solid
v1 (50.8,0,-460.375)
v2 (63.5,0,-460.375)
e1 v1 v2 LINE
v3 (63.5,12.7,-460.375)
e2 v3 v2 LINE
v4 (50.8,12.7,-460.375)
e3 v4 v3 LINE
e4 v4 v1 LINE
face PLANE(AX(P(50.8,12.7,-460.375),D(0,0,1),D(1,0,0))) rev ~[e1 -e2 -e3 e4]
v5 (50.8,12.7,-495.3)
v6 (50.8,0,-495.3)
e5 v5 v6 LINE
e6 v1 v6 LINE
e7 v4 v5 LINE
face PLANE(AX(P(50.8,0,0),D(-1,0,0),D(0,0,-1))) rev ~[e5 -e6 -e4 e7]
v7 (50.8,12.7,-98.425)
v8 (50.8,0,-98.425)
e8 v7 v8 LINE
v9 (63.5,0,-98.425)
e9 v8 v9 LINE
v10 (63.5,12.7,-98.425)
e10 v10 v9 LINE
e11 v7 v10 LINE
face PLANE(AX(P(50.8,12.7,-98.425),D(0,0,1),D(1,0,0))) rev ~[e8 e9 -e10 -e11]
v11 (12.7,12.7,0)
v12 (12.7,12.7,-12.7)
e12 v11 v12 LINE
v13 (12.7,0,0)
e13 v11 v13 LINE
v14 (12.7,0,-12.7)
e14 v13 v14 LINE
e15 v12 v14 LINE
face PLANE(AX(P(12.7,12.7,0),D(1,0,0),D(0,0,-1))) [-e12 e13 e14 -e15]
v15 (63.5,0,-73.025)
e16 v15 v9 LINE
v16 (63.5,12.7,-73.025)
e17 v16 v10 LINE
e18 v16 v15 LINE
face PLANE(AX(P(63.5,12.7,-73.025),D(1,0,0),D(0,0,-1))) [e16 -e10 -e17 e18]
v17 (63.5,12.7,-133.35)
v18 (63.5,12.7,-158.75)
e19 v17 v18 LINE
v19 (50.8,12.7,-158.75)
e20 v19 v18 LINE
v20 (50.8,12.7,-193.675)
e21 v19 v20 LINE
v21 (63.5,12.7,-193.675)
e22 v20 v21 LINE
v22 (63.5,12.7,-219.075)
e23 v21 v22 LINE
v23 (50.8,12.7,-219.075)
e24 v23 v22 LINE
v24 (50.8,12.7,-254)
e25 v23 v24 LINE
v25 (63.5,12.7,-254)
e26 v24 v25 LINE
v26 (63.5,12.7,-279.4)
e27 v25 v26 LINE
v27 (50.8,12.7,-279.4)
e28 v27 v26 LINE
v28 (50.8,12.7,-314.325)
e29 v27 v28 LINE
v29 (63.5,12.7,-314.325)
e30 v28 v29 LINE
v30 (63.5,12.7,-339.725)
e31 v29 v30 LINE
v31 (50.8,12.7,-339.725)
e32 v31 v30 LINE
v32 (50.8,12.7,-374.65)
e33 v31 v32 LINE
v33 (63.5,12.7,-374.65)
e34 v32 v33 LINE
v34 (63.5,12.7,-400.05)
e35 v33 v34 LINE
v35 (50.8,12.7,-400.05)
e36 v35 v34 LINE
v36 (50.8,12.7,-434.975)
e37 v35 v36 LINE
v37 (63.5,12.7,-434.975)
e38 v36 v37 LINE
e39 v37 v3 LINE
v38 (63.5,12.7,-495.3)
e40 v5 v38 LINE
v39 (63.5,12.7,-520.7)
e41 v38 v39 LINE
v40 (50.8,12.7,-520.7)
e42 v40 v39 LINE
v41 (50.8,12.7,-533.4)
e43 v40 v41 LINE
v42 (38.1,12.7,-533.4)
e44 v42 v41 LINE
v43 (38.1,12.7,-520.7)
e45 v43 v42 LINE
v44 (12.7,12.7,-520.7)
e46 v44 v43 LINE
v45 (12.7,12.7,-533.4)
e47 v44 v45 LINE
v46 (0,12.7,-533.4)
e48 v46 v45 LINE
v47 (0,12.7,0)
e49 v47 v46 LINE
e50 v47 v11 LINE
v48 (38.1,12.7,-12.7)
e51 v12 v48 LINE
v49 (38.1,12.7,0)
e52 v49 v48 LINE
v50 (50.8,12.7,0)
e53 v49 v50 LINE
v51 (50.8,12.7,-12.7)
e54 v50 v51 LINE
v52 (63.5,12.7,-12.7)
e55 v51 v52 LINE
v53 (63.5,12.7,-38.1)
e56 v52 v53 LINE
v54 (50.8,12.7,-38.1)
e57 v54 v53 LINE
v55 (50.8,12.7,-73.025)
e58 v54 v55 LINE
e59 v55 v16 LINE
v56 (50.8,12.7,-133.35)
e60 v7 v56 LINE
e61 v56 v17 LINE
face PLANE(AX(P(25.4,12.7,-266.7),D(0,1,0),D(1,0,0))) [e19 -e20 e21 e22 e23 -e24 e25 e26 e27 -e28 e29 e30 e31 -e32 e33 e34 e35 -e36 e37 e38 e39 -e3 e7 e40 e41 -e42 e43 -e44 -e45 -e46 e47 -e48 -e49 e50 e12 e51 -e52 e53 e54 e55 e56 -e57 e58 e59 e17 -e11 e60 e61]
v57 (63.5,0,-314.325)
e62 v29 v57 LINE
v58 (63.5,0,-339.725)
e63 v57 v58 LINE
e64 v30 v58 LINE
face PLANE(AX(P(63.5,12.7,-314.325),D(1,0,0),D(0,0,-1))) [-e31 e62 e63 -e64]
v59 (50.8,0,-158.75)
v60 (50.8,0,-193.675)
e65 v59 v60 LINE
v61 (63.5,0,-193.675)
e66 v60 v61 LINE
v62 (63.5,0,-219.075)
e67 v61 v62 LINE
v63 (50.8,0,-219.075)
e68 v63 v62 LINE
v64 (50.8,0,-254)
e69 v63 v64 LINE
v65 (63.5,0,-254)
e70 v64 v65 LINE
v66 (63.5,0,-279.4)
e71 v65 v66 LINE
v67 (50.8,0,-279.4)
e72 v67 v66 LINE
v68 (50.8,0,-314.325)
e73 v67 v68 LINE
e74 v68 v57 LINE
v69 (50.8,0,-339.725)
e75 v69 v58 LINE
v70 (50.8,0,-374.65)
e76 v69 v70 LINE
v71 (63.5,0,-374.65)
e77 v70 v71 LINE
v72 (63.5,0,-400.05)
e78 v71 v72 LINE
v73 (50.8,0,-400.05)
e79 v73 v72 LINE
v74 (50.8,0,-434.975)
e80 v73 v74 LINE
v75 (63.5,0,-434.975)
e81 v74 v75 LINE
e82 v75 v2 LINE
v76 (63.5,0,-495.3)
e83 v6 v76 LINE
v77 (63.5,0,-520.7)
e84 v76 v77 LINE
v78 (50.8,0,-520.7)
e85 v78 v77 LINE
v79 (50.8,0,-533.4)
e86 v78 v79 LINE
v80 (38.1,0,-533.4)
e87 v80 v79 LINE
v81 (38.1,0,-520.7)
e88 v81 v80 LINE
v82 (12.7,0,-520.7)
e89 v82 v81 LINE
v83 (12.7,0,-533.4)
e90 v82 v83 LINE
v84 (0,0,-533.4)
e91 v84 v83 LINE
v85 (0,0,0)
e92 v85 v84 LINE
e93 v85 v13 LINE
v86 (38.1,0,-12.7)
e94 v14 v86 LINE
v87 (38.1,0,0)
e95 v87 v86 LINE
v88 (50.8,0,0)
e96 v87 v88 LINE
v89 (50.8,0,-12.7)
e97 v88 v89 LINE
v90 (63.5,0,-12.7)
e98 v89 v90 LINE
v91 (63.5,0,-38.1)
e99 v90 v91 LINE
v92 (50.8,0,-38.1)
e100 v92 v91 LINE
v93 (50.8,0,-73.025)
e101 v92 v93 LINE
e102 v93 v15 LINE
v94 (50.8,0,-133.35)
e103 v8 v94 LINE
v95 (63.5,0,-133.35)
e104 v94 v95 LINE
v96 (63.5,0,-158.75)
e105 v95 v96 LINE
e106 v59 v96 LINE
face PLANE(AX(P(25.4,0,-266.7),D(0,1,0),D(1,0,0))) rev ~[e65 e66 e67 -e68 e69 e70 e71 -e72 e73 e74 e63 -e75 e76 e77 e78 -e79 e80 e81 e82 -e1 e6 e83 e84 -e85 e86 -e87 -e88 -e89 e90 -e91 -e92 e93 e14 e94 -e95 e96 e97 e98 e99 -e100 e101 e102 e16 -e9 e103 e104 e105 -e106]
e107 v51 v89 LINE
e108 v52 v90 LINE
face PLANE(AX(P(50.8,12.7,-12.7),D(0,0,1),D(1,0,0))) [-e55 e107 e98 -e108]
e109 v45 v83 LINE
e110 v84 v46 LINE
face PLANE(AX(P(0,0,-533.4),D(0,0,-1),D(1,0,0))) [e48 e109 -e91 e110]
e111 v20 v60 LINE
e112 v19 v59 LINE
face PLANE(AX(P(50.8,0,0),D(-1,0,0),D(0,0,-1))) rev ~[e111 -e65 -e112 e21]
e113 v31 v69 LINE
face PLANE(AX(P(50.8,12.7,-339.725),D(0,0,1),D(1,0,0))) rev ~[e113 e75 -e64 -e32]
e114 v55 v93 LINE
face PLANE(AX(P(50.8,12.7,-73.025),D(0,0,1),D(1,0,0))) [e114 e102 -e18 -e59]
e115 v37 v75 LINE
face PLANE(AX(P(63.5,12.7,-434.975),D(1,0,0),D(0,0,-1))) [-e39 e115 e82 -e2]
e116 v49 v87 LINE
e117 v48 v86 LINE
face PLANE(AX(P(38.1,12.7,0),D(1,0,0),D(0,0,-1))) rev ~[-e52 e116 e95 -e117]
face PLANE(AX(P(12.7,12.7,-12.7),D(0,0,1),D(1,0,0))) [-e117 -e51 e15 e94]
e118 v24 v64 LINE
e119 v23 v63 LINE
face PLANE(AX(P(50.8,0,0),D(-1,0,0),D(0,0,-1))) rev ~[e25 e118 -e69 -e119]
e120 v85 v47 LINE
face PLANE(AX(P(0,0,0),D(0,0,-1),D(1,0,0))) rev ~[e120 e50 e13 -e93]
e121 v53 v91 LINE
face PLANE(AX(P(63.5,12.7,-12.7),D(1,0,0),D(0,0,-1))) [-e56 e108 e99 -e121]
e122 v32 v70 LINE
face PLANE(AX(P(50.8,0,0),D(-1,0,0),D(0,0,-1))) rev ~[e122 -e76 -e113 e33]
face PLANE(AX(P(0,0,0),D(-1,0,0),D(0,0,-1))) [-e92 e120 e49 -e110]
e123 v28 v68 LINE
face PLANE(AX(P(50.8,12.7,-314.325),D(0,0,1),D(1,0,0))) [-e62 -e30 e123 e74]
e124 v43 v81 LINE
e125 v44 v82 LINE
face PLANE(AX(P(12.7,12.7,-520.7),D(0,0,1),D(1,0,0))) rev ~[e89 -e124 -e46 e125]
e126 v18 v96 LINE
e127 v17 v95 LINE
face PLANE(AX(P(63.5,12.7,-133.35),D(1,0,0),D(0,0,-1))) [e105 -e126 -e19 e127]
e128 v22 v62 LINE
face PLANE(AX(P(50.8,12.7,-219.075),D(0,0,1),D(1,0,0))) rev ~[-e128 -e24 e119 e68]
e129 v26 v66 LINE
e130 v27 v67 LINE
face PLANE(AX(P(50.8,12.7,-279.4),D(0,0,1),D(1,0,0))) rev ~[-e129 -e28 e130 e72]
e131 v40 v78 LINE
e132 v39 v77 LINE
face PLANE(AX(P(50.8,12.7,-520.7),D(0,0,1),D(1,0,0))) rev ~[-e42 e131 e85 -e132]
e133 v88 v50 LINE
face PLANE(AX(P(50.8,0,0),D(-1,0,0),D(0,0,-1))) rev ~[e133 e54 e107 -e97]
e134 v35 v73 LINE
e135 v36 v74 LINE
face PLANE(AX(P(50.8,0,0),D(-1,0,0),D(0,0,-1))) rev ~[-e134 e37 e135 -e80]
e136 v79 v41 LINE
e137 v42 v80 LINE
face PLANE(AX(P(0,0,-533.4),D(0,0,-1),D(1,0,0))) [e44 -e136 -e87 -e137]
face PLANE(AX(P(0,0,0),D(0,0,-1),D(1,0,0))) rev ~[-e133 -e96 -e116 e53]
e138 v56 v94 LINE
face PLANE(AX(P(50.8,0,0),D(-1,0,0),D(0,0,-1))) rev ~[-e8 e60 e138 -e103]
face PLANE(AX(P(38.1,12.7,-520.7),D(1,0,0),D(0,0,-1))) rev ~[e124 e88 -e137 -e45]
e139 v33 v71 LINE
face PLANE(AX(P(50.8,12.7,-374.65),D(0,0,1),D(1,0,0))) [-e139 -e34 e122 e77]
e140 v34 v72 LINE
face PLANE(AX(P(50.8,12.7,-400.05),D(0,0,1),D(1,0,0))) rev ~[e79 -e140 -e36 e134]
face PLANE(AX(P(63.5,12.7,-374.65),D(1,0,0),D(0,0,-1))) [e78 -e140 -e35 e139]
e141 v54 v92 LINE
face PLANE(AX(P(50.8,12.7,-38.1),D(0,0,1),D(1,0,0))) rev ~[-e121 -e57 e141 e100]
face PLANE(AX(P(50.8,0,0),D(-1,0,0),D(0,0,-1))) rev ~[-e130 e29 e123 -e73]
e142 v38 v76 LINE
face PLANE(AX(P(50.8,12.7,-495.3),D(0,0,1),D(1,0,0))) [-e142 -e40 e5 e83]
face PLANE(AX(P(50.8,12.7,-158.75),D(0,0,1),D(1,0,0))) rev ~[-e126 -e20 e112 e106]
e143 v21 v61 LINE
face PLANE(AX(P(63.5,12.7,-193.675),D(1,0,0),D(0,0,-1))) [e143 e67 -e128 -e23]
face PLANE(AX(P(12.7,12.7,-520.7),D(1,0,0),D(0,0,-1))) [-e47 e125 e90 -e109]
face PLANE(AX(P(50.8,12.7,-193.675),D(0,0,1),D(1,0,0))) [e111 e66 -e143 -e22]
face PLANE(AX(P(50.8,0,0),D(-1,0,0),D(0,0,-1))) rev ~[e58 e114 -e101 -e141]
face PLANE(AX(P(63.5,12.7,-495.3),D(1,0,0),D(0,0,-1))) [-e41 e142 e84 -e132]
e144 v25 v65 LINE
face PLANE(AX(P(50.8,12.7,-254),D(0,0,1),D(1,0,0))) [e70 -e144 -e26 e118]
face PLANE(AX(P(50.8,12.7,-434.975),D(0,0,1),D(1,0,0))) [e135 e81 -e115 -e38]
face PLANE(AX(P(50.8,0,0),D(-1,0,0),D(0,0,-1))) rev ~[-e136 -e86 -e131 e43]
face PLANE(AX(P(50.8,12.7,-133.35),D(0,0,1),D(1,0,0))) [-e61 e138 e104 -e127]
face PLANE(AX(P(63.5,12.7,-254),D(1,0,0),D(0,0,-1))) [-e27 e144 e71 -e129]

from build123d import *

# Parameters (mm, degrees)
SKETCH1_W           = 50.8
SKETCH1_H           = 533.4
BOSS_EXTRUDE1_DEPTH = 12.7
SKETCH2_W           = 12.7
SKETCH2_H           = 25.4
BOSS_EXTRUDE2_DEPTH = 12.7
SKETCH7_W           = 25.4
SKETCH7_H           = 12.7
CUT_EXTRUDE3_DEPTH  = 538.316573353


with BuildPart() as part:
    # Sketch1 → Boss-Extrude1 (new body)
    with BuildSketch(Plane(origin=(0, 0, 0), x_dir=(1, 0, 0), z_dir=(0, 1, 0))):
        with Locations((25.4, 266.7)):
            Rectangle(SKETCH1_W, SKETCH1_H)
    extrude(amount=BOSS_EXTRUDE1_DEPTH)

    # Sketch2 → Boss-Extrude2 (add, through all)
    with BuildSketch(Plane(origin=(0, 12.7, 0), x_dir=(1, 0, 0), z_dir=(0, 1, 0))):
        with Locations((57.15, 508)):
            Rectangle(SKETCH2_W, SKETCH2_H)
        with Locations((57.15, 447.675)):
            Rectangle(SKETCH2_W, SKETCH2_H)
        with Locations((57.15, 387.35)):
            Rectangle(SKETCH2_W, SKETCH2_H)
        with Locations((57.15, 327.025)):
            Rectangle(SKETCH2_W, SKETCH2_H)
        with Locations((57.15, 266.7)):
            Rectangle(SKETCH2_W, SKETCH2_H)
        with Locations((57.15, 206.375)):
            Rectangle(SKETCH2_W, SKETCH2_H)
        with Locations((57.15, 146.05)):
            Rectangle(SKETCH2_W, SKETCH2_H)
        with Locations((57.15, 85.725)):
            Rectangle(SKETCH2_W, SKETCH2_H)
        with Locations((57.15, 25.4)):
            Rectangle(SKETCH2_W, SKETCH2_H)
    extrude(amount=-BOSS_EXTRUDE2_DEPTH)

    # Sketch7 → Cut-Extrude3 (cut, through all)
    with BuildSketch(Plane(origin=(0, 12.7, 0), x_dir=(1, 0, 0), z_dir=(0, 1, 0))):
        with Locations((25.4, 6.35)):
            Rectangle(SKETCH7_W, SKETCH7_H)
        with Locations((25.4, 527.05)):
            Rectangle(SKETCH7_W, SKETCH7_H)
    extrude(amount=-CUT_EXTRUDE3_DEPTH, mode=Mode.SUBTRACT)


solid = part.part
